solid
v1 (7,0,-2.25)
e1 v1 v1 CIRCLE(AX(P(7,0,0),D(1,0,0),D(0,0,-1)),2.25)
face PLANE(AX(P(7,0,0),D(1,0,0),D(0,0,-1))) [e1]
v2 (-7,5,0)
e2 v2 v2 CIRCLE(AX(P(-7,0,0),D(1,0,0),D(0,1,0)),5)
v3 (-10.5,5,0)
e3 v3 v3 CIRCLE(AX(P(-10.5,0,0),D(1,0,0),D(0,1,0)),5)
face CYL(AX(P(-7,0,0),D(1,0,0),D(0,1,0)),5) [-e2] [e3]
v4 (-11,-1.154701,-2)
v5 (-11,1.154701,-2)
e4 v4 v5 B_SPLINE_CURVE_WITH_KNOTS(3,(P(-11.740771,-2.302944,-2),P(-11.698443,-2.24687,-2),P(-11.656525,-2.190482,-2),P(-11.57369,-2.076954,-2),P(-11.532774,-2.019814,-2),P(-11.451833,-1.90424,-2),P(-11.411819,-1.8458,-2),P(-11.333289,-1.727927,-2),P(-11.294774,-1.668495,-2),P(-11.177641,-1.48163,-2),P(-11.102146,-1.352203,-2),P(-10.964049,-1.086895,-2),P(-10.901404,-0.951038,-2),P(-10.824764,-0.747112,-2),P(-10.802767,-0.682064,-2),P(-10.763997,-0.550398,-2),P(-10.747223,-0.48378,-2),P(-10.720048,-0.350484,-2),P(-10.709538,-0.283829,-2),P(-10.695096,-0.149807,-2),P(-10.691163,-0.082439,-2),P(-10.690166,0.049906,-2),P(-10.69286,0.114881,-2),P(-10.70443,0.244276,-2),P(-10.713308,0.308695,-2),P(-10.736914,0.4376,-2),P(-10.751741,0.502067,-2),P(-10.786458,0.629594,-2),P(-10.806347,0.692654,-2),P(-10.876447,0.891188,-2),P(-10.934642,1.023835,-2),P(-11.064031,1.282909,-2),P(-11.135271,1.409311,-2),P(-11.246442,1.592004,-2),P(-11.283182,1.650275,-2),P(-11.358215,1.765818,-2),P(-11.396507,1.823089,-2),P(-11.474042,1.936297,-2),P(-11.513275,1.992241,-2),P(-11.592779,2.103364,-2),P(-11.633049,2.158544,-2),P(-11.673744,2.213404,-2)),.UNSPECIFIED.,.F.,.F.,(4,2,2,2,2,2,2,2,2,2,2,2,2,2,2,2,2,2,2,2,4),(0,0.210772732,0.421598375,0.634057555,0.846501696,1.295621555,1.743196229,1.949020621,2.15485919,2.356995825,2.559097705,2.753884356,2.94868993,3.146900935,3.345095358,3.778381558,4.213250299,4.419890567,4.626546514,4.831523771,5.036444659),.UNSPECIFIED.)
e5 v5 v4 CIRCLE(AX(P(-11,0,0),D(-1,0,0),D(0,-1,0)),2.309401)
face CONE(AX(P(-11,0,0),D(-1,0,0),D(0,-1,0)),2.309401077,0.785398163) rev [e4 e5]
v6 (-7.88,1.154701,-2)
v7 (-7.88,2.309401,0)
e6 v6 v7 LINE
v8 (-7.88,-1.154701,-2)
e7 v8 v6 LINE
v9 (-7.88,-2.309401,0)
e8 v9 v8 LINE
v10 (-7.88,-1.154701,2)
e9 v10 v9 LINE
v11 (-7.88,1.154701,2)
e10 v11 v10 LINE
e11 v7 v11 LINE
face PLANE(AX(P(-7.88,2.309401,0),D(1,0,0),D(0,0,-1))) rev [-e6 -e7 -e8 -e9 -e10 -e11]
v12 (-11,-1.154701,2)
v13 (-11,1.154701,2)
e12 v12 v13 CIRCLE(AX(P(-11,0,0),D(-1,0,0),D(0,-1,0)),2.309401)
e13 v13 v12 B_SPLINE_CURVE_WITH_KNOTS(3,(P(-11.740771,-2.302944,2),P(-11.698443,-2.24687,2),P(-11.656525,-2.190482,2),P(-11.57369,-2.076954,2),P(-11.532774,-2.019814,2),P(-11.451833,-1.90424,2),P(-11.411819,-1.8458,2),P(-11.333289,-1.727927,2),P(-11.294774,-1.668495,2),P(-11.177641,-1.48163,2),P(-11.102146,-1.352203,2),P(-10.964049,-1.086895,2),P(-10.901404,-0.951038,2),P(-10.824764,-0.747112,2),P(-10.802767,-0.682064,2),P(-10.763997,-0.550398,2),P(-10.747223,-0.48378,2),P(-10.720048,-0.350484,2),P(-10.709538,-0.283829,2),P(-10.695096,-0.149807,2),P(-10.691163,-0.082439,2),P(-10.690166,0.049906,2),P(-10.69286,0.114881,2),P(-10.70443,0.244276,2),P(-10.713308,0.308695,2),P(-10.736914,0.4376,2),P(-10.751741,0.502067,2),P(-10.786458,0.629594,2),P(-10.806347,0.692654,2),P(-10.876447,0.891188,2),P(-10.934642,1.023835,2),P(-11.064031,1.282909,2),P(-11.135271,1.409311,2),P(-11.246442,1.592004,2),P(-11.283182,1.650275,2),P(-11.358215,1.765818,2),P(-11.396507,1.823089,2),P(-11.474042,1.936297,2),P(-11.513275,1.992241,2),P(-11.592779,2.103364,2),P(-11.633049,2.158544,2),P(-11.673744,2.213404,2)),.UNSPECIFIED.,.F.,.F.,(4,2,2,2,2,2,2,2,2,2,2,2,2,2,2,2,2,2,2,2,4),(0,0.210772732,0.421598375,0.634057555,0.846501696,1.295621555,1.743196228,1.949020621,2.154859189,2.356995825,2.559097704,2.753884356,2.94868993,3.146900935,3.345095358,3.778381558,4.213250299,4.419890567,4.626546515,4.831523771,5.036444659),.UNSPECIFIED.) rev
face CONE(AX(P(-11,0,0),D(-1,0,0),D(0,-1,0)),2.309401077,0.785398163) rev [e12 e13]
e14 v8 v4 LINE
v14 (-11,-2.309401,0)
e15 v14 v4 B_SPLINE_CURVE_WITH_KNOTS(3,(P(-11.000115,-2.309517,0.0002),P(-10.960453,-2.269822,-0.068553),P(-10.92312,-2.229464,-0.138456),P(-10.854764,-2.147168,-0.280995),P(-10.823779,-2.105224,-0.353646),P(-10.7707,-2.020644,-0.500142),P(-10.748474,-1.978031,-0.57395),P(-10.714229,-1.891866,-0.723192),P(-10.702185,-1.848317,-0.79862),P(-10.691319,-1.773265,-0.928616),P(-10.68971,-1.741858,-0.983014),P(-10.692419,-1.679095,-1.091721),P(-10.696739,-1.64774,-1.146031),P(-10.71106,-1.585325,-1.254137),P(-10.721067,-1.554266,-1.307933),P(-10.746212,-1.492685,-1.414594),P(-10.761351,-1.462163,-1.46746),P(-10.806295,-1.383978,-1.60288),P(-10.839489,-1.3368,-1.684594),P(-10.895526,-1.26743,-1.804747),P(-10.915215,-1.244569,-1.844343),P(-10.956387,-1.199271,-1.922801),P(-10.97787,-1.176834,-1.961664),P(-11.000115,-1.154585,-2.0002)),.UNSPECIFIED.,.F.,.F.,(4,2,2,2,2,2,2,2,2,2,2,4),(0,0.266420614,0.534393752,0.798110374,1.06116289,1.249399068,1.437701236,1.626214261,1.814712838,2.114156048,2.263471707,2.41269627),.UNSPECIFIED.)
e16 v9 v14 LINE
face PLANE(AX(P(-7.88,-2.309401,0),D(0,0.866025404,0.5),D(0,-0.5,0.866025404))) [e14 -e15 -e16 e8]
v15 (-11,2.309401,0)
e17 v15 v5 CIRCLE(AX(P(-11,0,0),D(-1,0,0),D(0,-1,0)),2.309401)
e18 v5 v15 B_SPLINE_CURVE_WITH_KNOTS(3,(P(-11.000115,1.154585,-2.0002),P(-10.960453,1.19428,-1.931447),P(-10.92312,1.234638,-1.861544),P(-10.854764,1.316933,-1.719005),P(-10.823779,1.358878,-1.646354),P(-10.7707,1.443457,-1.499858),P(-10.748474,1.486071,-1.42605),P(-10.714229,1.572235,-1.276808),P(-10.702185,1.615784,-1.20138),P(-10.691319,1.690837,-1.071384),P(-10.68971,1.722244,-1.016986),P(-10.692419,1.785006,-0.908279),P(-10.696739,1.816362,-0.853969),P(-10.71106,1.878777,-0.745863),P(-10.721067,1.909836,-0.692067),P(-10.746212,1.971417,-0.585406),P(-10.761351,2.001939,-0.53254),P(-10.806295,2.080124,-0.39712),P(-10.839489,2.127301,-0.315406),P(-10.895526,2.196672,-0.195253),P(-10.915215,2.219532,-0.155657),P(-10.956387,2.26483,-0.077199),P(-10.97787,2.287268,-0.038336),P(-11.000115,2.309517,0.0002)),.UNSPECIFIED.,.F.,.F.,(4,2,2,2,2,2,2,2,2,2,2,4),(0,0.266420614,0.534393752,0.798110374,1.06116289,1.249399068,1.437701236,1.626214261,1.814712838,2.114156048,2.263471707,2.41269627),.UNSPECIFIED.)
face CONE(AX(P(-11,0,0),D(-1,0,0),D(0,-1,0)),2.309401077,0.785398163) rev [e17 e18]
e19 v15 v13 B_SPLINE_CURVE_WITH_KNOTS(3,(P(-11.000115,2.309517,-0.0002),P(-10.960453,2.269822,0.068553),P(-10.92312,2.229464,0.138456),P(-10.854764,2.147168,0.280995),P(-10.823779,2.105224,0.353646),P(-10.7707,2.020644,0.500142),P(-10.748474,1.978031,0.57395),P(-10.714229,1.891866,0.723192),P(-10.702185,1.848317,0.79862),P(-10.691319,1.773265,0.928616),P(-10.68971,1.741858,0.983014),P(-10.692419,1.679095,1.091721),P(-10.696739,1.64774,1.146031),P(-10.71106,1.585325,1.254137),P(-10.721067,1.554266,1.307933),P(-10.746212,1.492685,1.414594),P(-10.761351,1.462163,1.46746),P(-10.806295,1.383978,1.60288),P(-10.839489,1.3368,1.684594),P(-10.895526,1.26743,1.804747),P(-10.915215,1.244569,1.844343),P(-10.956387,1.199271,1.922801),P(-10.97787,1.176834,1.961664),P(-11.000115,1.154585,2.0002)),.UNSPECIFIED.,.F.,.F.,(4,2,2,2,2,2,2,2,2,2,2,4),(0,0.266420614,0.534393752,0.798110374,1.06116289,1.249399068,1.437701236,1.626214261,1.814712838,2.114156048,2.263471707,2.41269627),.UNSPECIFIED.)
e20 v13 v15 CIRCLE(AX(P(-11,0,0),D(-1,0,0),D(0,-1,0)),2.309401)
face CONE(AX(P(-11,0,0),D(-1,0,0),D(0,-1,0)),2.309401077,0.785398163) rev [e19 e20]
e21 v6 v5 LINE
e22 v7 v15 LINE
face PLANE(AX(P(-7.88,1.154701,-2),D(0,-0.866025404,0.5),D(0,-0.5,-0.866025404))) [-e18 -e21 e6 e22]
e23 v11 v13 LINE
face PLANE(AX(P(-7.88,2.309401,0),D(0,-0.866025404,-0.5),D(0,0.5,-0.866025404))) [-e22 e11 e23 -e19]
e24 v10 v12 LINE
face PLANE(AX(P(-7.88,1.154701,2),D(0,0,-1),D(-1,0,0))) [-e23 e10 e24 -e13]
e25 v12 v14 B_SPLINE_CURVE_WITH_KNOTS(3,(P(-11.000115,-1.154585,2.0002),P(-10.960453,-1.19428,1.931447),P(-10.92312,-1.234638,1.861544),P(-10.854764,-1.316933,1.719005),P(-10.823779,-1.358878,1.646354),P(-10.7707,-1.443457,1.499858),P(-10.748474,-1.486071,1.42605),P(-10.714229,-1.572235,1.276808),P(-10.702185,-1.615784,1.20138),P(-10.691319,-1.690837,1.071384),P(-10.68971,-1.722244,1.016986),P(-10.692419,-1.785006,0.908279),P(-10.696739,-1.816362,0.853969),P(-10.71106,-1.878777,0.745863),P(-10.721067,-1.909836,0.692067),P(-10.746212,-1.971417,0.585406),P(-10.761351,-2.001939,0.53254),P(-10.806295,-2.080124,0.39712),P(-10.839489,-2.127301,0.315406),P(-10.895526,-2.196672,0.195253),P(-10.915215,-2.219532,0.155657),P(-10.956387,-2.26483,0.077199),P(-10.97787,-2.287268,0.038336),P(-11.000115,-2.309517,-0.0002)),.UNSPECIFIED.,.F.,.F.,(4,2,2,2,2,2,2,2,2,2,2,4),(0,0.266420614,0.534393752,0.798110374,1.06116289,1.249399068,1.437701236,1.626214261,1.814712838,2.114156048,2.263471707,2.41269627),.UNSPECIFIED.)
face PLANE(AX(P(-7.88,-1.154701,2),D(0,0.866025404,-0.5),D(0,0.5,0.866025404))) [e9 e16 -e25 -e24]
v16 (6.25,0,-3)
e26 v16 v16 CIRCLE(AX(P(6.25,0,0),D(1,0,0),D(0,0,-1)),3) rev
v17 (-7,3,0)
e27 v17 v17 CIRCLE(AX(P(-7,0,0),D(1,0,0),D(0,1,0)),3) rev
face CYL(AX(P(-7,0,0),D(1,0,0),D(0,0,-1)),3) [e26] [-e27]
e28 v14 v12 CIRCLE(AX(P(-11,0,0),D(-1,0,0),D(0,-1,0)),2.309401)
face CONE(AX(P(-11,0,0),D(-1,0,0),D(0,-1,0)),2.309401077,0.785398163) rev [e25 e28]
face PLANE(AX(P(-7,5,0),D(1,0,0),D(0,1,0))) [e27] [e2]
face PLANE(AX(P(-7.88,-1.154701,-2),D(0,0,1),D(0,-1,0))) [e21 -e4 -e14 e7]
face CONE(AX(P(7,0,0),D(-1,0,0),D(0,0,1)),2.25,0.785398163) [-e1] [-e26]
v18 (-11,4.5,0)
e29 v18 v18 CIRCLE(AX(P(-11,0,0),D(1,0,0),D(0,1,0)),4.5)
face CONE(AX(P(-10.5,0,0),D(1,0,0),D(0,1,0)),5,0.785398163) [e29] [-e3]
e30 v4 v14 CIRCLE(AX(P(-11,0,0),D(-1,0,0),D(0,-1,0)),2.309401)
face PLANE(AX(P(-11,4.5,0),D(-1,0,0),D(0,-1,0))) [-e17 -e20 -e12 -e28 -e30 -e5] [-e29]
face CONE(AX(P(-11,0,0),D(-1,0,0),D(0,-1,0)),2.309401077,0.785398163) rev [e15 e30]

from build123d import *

# Parameters (mm, degrees)
SKETCH2_R           = 3
BOSS_EXTRUDE1_DEPTH = 14
CHAMFER1_SIZE       = 0.75
CUT_EXTRUDE1_DEPTH  = 3.12


with BuildPart() as part:
    # Sketch2 → Boss-Extrude1 (new body)
    with BuildSketch(Plane(origin=(7, 0, 0), x_dir=(0, 0, -1), z_dir=(1, 0, 0))):
        Circle(SKETCH2_R)
    extrude(amount=-BOSS_EXTRUDE1_DEPTH)

    # Chamfer1
    chamfer1_edges = [part.edges().sort_by_distance(p)[0] for p in [
        (7, 0, 3),
    ]]
    chamfer(chamfer1_edges, length=CHAMFER1_SIZE)

    # Sketch6 → Revolve1 (revolve)
    with BuildSketch(Plane.XY):
        Polygon((-10.5, 5), (-11, 4.5), (-11, 0), (-7, 0), (-7, 5), align=None)
    revolve(axis=Axis((-7, 0, 0), (-1, 0, 0)))

    # Sketch4 → Cut-Extrude1 (cut)
    with BuildSketch(Plane(origin=(-11, 0, 0), x_dir=(0, 0, -1), z_dir=(1, 0, 0))):
        Polygon((0, 2.309401077), (-2, 1.154700538), (-2, -1.154700538), (0, -2.309401077), (2, -1.154700538), (2, 1.154700538), align=None)
    extrude(amount=CUT_EXTRUDE1_DEPTH, mode=Mode.SUBTRACT)

    # Cut-Extrude2 cone 1 section (through the dimple's axis) → Cut-Extrude2 (revolve, cut)
    with BuildSketch(Plane(origin=(-11, 0, 0), x_dir=(0, 0, 1), z_dir=(0, 1, 0))):
        Polygon((0, 0), (2.309401077, 0), (0, 2.309401077), align=None)
    revolve(axis=Axis((-11, 0, 0), (1, 0, 0)), mode=Mode.SUBTRACT)


solid = part.part
